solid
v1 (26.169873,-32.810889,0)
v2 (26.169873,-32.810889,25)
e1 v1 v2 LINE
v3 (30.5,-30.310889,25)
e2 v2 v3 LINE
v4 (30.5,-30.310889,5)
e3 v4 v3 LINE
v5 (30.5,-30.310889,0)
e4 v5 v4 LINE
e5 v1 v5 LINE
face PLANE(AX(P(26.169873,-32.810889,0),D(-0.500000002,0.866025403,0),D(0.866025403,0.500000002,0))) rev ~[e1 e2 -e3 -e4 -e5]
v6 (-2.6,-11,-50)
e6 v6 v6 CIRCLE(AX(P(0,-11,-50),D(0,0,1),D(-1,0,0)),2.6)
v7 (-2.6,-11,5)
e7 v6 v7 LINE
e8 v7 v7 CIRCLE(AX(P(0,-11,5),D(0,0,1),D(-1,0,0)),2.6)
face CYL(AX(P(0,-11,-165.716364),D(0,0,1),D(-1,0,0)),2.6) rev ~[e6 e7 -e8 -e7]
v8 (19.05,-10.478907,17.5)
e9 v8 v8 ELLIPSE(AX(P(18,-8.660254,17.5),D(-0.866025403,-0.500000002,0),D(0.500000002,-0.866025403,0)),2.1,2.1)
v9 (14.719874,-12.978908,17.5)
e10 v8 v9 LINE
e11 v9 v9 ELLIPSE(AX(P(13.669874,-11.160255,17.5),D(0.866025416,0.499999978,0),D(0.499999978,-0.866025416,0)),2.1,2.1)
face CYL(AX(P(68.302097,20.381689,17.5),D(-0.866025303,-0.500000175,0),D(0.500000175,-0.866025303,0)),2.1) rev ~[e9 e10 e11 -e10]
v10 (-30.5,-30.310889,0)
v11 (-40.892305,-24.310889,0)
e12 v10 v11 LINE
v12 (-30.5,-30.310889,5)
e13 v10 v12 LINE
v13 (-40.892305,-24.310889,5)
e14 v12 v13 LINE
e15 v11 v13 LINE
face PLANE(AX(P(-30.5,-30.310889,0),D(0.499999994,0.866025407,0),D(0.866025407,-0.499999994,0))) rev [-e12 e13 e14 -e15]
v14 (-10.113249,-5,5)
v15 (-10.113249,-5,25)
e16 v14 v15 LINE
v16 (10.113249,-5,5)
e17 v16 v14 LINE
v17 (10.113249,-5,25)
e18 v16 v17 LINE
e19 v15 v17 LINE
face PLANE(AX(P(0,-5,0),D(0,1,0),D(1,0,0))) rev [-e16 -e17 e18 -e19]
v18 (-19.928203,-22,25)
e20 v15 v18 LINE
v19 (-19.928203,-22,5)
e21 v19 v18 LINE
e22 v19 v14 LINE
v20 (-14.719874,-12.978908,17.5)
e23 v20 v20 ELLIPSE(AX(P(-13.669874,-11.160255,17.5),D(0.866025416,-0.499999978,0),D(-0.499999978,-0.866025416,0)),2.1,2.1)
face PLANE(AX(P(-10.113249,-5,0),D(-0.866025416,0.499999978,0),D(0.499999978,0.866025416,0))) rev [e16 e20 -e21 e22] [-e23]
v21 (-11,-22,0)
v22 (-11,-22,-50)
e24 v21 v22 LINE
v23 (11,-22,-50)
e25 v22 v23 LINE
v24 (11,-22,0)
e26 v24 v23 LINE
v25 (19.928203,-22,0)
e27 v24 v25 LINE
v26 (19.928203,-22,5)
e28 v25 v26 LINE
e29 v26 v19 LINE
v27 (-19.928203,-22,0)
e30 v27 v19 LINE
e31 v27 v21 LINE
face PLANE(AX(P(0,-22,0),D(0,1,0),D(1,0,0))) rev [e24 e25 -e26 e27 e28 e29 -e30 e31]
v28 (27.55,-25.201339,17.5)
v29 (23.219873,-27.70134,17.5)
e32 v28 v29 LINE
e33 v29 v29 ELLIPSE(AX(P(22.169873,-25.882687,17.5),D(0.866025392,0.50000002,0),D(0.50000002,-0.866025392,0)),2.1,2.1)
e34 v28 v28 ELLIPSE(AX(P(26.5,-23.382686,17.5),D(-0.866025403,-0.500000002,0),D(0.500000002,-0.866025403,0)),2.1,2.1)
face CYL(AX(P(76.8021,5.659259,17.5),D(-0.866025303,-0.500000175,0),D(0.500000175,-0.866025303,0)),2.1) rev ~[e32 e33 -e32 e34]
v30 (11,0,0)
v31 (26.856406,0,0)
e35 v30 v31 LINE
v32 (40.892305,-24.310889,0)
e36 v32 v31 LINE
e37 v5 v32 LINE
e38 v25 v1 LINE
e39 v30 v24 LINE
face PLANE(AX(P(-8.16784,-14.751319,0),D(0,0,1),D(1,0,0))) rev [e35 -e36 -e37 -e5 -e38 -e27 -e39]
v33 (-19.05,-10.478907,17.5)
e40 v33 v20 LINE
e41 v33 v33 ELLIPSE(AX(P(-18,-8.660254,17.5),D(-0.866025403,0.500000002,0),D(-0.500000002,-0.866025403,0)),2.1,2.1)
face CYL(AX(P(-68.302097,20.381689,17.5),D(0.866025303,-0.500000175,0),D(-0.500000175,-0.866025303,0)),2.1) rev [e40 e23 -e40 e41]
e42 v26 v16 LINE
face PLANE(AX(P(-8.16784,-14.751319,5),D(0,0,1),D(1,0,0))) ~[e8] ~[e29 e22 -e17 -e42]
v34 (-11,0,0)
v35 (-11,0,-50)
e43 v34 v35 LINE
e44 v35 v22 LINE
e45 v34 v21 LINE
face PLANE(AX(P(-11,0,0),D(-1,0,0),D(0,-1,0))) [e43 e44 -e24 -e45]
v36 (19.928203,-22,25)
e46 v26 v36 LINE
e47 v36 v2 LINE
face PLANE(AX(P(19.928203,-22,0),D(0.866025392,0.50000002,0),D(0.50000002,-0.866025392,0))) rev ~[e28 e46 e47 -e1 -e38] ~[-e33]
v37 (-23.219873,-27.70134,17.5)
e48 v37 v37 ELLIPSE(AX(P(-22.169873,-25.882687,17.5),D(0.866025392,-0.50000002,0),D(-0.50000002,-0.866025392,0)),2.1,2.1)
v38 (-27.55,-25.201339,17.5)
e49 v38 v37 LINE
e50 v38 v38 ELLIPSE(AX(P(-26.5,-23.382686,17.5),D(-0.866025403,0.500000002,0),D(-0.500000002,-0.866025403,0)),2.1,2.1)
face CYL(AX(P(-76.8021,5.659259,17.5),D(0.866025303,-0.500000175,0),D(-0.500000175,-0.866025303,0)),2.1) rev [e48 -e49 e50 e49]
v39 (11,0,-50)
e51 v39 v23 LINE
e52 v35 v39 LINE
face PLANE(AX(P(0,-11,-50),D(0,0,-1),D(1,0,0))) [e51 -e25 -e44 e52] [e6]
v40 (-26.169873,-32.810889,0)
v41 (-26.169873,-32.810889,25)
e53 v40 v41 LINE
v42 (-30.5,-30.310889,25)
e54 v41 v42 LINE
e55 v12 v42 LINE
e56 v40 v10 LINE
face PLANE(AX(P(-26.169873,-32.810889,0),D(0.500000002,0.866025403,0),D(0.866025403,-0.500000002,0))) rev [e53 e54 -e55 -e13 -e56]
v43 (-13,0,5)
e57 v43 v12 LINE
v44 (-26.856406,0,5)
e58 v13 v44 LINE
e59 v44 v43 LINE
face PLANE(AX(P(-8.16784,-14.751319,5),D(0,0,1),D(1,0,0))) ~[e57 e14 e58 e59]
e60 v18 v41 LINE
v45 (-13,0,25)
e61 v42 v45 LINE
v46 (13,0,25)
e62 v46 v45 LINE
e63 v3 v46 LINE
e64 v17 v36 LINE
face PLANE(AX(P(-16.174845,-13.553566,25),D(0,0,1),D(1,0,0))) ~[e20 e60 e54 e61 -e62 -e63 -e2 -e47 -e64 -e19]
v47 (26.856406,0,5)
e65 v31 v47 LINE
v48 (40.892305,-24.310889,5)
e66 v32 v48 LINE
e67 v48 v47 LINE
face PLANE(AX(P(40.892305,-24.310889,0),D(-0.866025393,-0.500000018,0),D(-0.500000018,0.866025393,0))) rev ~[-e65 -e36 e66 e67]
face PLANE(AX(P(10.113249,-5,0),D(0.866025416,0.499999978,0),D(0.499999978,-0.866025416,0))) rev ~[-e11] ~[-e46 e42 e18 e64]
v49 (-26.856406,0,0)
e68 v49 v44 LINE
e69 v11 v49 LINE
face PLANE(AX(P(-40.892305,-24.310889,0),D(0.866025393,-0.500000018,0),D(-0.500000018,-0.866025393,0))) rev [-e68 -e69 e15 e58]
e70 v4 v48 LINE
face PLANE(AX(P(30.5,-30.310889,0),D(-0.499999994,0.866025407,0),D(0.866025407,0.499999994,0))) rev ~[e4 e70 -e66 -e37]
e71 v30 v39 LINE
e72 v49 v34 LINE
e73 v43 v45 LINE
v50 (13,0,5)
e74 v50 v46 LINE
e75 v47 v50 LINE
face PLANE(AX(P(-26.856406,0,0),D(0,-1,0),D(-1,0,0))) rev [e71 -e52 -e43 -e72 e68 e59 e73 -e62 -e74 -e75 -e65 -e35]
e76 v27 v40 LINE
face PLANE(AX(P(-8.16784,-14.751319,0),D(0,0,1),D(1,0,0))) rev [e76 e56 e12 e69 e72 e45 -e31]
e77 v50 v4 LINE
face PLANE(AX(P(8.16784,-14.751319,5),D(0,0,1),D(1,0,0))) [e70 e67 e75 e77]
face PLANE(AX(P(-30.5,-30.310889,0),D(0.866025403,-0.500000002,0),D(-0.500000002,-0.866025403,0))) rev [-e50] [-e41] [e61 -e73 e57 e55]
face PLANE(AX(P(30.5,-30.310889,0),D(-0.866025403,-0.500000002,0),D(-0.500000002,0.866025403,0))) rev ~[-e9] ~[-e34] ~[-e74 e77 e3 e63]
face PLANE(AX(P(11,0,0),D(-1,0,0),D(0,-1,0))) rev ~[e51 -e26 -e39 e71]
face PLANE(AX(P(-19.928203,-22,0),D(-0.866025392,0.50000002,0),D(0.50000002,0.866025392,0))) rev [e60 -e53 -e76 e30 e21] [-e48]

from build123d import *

# Parameters (mm, degrees)
F1_DEPTH = 5
F2_DEPTH = 25
F4_D     = 4.2
F6_W     = 22
F6_H     = 22
F7_DEPTH = 50
F9_D     = 5.2


with BuildPart() as f1:
    # F0 (on Top) → F1 (new body)
    with BuildSketch(Plane.XY):
        Polygon((10.113249, -5), (0, -5), (0, -22), (19.928203, -22), align=None)
        Polygon((13, 0), (0, 0), (0, -5), (10.113249, -5), (19.928203, -22), (26.169873, -32.810889), (30.5, -30.310889), align=None)
        Polygon((26.856406, 0), (13, 0), (30.5, -30.310889), (40.892305, -24.310889), align=None)
    extrude(amount=F1_DEPTH)

    # F0 (on Top) → F2 (join)
    with BuildSketch(Plane.XY):
        Polygon((13, 0), (0, 0), (0, -5), (10.113249, -5), (19.928203, -22), (26.169873, -32.810889), (30.5, -30.310889), align=None)
    extrude(amount=F2_DEPTH)

    # F4 (through all)
    with Locations(Plane(origin=(9.75, 5.629165, 0), x_dir=(-0.5, 0.866025, 0), z_dir=(0.866025, 0.5, 0))):
        with Locations((-33.5, 17.5), (-16.5, 17.5)):
            Hole(F4_D / 2)

    # F5: F1 across plane


with BuildPart() as f1_1:
    add(f1.part)
    add(f1.part.mirror(Plane.YZ))

    # F6 (on face) → F7 (join)
    with BuildSketch(Plane(origin=(0, 0, 0), x_dir=(1, 0, 0), z_dir=(0, 0, -1))):
        with Locations((0, 11)):
            Rectangle(F6_W, F6_H)
    extrude(amount=F7_DEPTH)

    # F9 (through all)
    with Locations(Plane(origin=(0, 0, -50), x_dir=(1, 0, 0), z_dir=(0, 0, -1))):
        with Locations((0, 11)):
            Hole(F9_D / 2)


solid = f1_1.part
